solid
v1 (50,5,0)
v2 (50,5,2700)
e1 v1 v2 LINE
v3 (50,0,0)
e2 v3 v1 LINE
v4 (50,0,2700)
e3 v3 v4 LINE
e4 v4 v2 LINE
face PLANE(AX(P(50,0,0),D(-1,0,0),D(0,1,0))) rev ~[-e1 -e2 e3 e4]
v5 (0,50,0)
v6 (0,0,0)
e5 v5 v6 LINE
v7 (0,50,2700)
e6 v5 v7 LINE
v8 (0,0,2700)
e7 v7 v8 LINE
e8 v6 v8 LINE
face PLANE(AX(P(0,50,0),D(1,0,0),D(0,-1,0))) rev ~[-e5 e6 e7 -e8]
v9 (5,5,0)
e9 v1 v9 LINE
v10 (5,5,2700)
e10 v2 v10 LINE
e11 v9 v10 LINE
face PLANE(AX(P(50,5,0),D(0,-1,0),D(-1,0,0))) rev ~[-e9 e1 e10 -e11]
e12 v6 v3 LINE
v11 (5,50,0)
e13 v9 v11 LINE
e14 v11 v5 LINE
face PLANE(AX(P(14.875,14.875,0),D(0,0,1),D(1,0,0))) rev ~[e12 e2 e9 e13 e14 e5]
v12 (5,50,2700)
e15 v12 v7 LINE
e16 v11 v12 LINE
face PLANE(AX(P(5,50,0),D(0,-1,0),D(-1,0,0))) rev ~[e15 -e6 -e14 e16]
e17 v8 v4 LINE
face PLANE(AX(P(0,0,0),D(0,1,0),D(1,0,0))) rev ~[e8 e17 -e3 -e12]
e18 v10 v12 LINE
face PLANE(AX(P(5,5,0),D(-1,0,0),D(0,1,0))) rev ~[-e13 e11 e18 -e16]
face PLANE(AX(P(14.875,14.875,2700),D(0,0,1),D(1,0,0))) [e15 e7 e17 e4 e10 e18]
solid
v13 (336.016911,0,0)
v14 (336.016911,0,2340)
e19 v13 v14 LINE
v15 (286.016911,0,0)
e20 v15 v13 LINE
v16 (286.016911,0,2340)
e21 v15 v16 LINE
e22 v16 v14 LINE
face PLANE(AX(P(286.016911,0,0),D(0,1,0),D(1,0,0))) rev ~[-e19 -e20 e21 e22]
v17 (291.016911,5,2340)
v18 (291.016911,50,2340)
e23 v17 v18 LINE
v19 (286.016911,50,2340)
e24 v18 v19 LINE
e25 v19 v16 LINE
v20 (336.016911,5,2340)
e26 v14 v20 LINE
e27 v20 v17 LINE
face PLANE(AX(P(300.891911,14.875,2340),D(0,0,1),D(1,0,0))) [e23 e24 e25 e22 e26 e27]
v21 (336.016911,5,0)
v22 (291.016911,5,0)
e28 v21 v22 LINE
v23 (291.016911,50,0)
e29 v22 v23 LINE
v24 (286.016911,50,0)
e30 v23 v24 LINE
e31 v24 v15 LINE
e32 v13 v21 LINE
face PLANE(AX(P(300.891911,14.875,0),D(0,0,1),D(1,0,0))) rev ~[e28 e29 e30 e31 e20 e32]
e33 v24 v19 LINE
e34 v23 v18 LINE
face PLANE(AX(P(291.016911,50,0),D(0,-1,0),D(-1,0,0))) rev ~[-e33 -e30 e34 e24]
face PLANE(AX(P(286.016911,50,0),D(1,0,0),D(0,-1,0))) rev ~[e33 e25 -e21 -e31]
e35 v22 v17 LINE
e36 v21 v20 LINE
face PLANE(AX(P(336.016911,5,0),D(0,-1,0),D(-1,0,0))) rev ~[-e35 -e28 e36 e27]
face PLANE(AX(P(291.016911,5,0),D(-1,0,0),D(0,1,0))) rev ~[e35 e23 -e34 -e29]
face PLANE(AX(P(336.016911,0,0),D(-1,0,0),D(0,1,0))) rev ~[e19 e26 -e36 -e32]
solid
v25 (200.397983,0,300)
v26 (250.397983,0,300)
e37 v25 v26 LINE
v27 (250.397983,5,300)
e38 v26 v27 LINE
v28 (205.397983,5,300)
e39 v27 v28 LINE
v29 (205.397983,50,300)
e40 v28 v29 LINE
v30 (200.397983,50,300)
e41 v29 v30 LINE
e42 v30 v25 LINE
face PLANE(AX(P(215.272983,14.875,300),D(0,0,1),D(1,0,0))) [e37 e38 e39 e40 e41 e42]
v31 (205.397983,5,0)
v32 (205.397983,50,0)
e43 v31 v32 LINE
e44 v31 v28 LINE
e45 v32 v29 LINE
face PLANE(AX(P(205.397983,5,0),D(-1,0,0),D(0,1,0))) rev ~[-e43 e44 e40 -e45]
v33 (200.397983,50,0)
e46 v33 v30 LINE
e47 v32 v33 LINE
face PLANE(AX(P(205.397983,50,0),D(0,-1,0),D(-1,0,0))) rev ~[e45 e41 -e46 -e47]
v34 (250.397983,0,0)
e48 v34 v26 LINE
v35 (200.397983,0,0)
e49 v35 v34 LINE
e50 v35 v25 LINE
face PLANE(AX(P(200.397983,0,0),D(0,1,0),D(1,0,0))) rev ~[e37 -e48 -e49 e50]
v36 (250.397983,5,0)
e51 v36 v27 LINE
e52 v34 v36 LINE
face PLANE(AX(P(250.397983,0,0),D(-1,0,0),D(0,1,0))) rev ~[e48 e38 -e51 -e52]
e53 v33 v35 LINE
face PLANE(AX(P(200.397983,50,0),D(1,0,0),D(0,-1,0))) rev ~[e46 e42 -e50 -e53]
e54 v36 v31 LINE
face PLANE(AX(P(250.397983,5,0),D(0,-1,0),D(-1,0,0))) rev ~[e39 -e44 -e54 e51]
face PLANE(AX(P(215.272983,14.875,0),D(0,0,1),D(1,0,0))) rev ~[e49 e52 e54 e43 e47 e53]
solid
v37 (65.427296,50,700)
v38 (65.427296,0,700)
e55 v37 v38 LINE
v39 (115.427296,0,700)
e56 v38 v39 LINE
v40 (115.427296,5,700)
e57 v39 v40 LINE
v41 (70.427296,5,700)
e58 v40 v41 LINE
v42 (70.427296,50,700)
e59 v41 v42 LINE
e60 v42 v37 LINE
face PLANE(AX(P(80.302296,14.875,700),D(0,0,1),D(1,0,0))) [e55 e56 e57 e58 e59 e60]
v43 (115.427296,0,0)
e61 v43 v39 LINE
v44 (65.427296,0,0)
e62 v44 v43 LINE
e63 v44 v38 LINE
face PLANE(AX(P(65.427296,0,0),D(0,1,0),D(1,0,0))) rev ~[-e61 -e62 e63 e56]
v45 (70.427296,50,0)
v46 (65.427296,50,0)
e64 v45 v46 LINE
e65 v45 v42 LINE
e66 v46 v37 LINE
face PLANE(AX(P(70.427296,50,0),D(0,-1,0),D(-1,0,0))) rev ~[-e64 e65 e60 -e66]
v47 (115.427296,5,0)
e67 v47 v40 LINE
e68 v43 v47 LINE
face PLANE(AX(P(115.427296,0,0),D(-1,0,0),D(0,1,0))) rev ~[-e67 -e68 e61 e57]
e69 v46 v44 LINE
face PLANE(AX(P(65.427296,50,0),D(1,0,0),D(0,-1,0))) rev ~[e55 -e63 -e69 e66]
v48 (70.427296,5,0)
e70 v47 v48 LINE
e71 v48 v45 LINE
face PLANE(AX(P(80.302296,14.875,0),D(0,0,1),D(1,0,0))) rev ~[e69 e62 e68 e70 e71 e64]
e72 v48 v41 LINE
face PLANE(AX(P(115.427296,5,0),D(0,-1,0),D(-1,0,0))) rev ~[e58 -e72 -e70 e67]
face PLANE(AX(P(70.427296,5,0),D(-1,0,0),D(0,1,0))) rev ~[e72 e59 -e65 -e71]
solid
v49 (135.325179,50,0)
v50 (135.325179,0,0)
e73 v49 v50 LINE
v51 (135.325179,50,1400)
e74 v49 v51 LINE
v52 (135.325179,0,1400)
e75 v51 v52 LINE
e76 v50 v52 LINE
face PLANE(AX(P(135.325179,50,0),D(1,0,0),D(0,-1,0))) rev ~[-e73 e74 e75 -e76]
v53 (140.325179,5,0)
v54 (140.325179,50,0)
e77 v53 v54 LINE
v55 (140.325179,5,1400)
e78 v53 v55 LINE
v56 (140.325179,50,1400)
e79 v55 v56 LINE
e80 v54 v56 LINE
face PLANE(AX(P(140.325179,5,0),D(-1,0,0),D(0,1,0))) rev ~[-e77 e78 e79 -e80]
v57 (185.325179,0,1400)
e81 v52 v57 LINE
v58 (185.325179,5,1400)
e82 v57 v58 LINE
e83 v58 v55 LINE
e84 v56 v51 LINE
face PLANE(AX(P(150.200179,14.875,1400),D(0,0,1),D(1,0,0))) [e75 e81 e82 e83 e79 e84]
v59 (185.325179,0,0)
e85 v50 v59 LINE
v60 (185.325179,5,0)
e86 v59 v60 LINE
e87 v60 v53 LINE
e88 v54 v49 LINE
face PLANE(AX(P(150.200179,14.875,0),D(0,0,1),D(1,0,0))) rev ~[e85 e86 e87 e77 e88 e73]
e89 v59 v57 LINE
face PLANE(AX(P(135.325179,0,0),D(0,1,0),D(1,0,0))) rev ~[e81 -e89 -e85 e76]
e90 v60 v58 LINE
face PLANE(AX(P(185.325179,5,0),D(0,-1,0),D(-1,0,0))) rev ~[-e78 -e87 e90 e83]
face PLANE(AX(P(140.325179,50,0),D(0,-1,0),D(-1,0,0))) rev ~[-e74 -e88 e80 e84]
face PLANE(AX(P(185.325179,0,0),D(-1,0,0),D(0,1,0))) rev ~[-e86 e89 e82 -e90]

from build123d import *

# Parameters (mm, degrees)
F1_DEPTH = 2700
F3_DEPTH = 700
F6_DEPTH = 1400
F7_DEPTH = 300
F9_DEPTH = 2340


with BuildPart() as f1:
    # F0 (on Top) → F1 (new body)
    with BuildSketch(Plane.XY):
        Polygon((0, 50), (0, 0), (50, 0), (50, 5), (5, 5), (5, 50), align=None)
    extrude(amount=F1_DEPTH)


with BuildPart() as f3:
    # F2 (on Top) → F3 (new body)
    with BuildSketch(Plane.XY):
        Polygon((65.427296, 50), (65.427296, 0), (115.427296, 0), (115.427296, 5), (70.427296, 5), (70.427296, 50), align=None)
    extrude(amount=F3_DEPTH)


with BuildPart() as f6:
    # F4 (on Top) → F6 (new body)
    with BuildSketch(Plane.XY):
        Polygon((135.325179, 50), (135.325179, 0), (185.325179, 0), (185.325179, 5), (140.325179, 5), (140.325179, 50), align=None)
    extrude(amount=F6_DEPTH)


with BuildPart() as f7:
    # F5 (on Top) → F7 (new body)
    with BuildSketch(Plane.XY):
        Polygon((200.397983, 50), (200.397983, 0), (250.397983, 0), (250.397983, 5), (205.397983, 5), (205.397983, 50), align=None)
    extrude(amount=F7_DEPTH)


with BuildPart() as f9:
    # F8 (on Top) → F9 (new body)
    with BuildSketch(Plane.XY):
        Polygon((286.016911, 50), (286.016911, 0), (336.016911, 0), (336.016911, 5), (291.016911, 5), (291.016911, 50), align=None)
    extrude(amount=F9_DEPTH)


solid = Compound([f1.part, f3.part, f6.part, f7.part, f9.part])
